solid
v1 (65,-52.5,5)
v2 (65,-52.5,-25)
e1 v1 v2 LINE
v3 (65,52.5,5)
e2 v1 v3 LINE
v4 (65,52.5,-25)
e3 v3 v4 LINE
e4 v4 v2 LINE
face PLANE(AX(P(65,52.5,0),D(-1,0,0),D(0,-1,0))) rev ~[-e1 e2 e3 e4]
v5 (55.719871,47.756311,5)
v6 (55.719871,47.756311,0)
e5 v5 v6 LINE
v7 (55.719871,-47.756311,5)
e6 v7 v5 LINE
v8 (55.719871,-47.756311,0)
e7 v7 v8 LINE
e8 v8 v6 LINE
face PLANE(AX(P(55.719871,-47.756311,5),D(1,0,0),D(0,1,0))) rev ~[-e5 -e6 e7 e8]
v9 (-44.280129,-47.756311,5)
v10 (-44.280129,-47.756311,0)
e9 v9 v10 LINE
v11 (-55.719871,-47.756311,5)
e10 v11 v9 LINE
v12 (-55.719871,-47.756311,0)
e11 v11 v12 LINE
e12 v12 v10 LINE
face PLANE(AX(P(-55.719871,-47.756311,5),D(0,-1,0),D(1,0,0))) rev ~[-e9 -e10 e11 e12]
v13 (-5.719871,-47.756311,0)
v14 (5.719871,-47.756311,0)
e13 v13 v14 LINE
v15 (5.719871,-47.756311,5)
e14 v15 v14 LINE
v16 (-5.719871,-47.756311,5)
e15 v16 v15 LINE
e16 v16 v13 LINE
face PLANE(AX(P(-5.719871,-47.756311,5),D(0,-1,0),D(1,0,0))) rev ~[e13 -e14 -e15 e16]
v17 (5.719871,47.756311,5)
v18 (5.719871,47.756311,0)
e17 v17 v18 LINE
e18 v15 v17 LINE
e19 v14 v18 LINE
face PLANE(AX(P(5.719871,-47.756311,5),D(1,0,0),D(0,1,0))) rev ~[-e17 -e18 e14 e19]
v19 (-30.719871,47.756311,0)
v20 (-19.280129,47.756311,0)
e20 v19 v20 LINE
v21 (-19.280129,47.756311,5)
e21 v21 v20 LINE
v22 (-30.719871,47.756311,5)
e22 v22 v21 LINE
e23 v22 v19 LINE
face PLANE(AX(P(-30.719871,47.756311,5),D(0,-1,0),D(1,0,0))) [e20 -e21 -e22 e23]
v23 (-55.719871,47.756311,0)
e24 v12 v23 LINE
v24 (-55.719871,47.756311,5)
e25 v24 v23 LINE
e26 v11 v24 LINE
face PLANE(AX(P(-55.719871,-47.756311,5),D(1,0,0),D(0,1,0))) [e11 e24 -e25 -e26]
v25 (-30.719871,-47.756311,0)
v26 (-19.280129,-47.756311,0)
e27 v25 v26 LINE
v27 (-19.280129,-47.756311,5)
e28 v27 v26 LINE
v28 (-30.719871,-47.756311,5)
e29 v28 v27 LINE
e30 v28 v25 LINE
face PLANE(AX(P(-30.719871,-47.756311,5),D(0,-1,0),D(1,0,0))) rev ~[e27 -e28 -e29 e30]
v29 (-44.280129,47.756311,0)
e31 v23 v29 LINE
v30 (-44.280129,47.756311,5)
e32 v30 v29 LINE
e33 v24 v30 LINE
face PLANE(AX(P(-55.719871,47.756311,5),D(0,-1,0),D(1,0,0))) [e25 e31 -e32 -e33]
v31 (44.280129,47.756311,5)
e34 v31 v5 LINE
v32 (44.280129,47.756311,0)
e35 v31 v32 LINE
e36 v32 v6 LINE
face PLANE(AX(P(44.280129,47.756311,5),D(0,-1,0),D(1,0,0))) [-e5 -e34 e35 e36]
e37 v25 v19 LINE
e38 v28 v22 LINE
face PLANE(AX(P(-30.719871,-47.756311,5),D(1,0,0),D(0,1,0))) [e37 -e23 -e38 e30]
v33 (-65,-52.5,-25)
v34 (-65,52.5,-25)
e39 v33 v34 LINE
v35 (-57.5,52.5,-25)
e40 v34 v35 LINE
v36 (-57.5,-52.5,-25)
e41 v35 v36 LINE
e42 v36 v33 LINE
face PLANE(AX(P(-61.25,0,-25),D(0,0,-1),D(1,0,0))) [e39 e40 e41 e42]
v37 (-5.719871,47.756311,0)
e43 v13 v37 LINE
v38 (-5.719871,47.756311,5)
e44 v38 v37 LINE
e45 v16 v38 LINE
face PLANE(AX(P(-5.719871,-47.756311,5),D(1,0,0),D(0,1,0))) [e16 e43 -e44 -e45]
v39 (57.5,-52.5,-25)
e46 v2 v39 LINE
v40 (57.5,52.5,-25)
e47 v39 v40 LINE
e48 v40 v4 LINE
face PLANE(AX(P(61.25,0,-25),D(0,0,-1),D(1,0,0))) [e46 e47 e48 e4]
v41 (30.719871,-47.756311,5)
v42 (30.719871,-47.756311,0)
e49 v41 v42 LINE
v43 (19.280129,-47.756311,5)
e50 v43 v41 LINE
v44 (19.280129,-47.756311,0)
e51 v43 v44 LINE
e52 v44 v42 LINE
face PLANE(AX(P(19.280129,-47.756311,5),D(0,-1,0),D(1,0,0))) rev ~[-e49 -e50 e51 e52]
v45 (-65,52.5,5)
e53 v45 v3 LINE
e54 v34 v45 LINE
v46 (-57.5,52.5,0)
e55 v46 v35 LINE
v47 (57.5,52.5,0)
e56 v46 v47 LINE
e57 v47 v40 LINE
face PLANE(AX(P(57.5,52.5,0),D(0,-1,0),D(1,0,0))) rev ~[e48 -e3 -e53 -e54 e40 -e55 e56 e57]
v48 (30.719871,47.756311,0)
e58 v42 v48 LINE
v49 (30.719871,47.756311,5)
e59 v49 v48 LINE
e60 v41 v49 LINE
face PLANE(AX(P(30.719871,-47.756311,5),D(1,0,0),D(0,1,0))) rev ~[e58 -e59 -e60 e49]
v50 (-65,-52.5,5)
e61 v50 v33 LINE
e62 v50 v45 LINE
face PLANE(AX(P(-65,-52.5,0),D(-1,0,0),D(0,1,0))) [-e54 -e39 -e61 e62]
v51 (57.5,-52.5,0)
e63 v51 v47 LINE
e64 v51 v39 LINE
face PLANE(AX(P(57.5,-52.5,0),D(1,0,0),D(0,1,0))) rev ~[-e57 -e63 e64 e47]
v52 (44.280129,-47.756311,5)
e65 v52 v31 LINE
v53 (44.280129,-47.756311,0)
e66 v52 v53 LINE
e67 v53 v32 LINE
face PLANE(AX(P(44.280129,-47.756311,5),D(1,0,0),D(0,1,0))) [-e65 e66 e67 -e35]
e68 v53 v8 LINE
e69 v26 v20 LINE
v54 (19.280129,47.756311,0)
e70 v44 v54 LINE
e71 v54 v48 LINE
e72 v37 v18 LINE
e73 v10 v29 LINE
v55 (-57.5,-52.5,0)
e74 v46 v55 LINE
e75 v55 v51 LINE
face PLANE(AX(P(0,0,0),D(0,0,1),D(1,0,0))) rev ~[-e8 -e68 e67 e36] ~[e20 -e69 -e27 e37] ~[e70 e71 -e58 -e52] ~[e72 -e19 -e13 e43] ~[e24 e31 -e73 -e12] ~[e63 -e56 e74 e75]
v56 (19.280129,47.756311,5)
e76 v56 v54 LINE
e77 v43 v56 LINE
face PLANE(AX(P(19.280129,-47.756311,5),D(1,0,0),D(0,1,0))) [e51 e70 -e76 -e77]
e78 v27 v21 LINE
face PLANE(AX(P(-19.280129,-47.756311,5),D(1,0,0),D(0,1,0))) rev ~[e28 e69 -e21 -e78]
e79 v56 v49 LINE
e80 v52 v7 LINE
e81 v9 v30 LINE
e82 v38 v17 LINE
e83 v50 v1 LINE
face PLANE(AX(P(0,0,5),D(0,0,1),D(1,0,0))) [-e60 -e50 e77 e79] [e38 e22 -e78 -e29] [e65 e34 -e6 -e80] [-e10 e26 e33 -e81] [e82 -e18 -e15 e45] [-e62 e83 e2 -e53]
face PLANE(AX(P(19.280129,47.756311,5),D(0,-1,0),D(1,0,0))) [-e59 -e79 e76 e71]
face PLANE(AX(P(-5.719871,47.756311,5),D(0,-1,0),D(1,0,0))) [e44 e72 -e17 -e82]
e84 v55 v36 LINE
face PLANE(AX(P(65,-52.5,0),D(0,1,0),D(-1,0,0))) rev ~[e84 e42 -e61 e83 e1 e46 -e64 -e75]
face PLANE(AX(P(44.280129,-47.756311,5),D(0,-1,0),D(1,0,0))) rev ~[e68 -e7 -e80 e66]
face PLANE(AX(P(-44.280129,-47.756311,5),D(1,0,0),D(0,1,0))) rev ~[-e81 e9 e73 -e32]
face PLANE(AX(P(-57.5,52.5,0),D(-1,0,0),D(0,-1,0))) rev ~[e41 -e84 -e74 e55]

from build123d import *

# Parameters (mm, degrees)
F0_W     = 130
F0_H     = 105
F1_DEPTH = 5
F4_DEPTH = 25
F5_W     = 11.439742
F5_H     = 95.512622
F6_DEPTH = 25


with BuildPart() as f1:
    # F0 (on Top) → F1 (new body)
    with BuildSketch(Plane.XY):
        Rectangle(F0_W, F0_H)
    extrude(amount=F1_DEPTH)

    # F3 (on face) → F4 (join)
    with BuildSketch(Plane(origin=(0, 0, 0), x_dir=(1, 0, 0), z_dir=(0, 0, -1))):
        Polygon((57.5, 33.844031), (57.5, -33.844031), (57.5, -52.5), (65, -52.5), (65, 52.5), (57.5, 52.5), align=None)
        Polygon((-57.5, -52.5), (-57.5, -33.844031), (-57.5, 33.844031), (-57.5, 52.5), (-65, 52.5), (-65, -52.5), align=None)
    extrude(amount=F4_DEPTH)

    # F5 (on face) → F6 (cut)
    with BuildSketch(Plane.XY.offset(5)):
        Rectangle(F5_W, F5_H)
        with Locations((25, 0)):
            Rectangle(F5_W, F5_H)
        with Locations((50, 0)):
            Rectangle(F5_W, F5_H)
        with Locations((-25, 0)):
            Rectangle(F5_W, F5_H)
        with Locations((-50, 0)):
            Rectangle(F5_W, F5_H)
    extrude(amount=-F6_DEPTH, mode=Mode.SUBTRACT)


solid = f1.part
